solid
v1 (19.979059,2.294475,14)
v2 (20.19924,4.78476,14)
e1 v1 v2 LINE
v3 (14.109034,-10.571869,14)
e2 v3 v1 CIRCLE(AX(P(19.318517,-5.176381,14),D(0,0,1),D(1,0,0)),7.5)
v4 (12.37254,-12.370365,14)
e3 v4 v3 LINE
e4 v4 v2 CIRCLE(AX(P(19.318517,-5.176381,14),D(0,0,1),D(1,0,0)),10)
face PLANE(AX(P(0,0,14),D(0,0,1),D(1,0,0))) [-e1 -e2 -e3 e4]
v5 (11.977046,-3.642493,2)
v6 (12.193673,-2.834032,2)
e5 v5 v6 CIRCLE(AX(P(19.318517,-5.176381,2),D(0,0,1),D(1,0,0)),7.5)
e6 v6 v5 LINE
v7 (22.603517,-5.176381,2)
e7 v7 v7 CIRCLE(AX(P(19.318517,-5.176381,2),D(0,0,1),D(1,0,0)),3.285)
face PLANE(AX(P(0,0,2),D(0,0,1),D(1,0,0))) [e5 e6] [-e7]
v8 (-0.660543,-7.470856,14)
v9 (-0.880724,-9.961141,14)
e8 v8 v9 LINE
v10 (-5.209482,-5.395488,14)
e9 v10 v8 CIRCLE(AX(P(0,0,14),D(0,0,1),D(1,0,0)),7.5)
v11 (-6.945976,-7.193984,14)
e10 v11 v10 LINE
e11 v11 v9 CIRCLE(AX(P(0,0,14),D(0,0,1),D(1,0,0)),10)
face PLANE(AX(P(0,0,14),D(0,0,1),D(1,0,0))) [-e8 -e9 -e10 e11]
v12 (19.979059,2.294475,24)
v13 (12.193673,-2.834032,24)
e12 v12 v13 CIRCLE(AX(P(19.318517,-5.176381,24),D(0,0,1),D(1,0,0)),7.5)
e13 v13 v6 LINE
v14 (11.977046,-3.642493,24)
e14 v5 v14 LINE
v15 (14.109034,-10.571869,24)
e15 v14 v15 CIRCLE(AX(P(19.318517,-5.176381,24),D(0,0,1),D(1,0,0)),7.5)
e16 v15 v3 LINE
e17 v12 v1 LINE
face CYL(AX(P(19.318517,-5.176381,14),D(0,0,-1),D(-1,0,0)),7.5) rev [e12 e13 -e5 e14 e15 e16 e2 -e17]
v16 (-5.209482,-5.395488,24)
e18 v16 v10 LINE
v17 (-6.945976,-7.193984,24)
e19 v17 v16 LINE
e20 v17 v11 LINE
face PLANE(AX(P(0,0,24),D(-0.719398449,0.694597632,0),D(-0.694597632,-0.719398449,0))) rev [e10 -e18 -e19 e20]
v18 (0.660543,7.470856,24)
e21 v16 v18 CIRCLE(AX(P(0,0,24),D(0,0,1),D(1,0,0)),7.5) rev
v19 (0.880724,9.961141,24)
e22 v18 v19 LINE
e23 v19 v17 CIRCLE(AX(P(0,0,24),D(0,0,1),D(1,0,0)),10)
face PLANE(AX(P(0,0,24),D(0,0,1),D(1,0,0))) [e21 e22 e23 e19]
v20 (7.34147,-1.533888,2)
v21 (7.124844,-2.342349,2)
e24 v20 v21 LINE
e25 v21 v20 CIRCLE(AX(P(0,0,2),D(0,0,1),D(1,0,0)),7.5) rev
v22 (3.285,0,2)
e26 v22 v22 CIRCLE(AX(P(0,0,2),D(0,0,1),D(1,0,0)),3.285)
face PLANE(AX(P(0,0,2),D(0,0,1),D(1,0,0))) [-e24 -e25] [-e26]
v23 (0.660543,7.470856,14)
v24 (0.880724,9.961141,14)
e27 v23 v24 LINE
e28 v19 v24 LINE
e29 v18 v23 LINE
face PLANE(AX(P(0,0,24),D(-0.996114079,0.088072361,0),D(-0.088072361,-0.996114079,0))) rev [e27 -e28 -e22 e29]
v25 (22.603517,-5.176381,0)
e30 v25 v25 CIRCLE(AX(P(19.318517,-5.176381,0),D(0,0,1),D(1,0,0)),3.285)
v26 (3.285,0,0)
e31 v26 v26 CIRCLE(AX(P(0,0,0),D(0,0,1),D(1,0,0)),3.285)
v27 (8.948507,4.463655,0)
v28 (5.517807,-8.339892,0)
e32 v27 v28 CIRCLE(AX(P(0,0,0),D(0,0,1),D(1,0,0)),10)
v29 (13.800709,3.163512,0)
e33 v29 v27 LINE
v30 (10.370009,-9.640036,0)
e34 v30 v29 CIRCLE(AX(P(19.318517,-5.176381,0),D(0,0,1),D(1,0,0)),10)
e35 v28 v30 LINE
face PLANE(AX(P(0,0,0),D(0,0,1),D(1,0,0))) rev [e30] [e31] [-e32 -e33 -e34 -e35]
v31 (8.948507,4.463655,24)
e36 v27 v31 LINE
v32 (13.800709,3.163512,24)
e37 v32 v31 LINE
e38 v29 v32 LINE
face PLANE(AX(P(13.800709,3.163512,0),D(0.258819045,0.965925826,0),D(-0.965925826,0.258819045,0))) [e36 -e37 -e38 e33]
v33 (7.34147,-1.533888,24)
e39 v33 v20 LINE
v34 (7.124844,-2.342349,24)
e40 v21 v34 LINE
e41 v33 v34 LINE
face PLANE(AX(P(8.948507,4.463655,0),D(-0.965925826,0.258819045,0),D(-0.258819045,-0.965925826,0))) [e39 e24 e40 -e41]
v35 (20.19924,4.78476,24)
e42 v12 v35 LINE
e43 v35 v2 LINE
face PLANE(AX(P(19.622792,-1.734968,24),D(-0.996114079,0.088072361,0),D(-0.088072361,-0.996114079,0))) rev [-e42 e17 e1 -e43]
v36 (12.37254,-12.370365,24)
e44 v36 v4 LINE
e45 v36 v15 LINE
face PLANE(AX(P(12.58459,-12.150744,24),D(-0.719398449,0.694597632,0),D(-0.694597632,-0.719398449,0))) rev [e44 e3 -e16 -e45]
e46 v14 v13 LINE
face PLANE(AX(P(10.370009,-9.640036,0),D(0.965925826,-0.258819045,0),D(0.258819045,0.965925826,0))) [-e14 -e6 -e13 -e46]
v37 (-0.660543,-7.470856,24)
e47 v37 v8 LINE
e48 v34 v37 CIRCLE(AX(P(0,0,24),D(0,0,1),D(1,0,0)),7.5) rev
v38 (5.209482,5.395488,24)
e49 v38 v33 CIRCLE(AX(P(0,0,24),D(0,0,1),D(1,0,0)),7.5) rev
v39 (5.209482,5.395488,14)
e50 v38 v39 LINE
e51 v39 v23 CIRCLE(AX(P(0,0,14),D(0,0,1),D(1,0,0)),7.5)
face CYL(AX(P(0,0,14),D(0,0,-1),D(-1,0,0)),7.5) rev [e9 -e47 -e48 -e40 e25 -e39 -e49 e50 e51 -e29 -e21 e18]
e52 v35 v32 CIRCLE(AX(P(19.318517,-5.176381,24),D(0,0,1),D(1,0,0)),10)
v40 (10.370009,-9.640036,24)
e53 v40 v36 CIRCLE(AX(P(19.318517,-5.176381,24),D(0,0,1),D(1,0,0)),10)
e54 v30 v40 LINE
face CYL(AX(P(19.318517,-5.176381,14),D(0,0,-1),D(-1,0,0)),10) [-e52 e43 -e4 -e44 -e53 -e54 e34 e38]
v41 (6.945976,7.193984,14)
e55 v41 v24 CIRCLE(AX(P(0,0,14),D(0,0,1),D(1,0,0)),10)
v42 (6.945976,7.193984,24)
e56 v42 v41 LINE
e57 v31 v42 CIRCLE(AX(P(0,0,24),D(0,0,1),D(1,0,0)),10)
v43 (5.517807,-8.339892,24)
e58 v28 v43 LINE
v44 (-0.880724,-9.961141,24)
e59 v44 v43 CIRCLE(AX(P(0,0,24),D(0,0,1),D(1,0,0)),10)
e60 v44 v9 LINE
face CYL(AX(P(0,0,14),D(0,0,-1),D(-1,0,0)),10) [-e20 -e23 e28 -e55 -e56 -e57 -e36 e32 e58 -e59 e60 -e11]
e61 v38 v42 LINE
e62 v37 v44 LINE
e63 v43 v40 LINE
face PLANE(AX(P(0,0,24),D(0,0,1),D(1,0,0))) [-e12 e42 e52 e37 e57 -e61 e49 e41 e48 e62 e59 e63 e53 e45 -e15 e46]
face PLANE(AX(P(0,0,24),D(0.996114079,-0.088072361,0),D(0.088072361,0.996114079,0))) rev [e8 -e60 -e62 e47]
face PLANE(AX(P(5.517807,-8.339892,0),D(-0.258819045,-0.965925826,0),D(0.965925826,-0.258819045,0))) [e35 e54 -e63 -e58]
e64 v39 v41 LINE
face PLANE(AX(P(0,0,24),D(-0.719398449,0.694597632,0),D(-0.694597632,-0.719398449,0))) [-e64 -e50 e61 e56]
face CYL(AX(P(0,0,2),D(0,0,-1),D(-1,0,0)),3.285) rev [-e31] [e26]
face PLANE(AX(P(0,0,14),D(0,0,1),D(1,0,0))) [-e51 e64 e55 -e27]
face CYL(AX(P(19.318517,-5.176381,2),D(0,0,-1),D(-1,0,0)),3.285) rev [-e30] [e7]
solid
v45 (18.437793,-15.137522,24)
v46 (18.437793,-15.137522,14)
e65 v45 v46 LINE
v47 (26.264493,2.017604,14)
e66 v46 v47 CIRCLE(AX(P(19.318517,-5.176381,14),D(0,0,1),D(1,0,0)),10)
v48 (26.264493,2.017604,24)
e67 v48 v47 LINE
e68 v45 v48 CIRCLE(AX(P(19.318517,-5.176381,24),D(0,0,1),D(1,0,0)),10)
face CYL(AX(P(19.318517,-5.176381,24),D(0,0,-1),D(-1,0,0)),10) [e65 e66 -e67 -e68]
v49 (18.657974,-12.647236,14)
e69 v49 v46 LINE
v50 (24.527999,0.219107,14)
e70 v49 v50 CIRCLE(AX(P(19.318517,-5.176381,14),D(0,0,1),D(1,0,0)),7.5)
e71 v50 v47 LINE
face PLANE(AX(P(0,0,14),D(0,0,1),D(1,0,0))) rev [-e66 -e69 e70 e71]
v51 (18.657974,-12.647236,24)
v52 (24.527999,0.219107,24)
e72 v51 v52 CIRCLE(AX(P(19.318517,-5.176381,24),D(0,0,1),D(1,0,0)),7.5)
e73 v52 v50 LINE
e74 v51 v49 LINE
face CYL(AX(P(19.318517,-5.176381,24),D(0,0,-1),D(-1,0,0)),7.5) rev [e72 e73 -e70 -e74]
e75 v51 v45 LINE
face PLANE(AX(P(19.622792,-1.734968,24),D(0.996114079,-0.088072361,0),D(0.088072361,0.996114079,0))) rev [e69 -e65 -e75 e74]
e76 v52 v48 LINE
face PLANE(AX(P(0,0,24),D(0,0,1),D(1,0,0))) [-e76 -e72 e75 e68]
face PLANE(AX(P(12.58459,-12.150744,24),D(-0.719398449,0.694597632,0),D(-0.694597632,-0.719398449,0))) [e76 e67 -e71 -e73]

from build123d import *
from build123d.topology import SkipClean

# Parameters (mm, degrees)
SKETCH1_R             = 7.5
SKETCH1_R_2           = 3.285
BOSS_EXTRUDE1_DEPTH   = 2
BOSS_EXTRUDE1_2_DEPTH = 2
SKETCH1_3_R           = 10
SKETCH1_3_R_2         = 7.5
BOSS_EXTRUDE2_DEPTH   = 14
BOSS_EXTRUDE3_DEPTH   = 10
BOSS_EXTRUDE4_DEPTH   = 24


with BuildPart() as part:
    # Sketch1 → Boss-Extrude1 (new body)
    with BuildSketch(Plane.XY):
        Circle(SKETCH1_R)
        Circle(SKETCH1_R_2, mode=Mode.SUBTRACT)
    extrude(amount=BOSS_EXTRUDE1_DEPTH)

    # Sketch1<3> → Boss-Extrude2 (add)
    # profile 1 of 2: a face of its own
    with BuildSketch(Plane.XY):
        Circle(SKETCH1_3_R)
        Circle(SKETCH1_3_R_2, mode=Mode.SUBTRACT)
    # profile 2 of 2: a face of its own
    with BuildSketch(Plane.XY):
        with Locations((19.318516526, -5.176380902)):
            Circle(SKETCH1_3_R)
        with Locations((19.318516526, -5.176380902)):
            Circle(SKETCH1_3_R_2, mode=Mode.SUBTRACT)
    extrude(amount=BOSS_EXTRUDE2_DEPTH)


with BuildPart() as body_2:
    # Sketch1 → Boss-Extrude1 2 (new body)
    with BuildSketch(Plane.XY):
        with Locations((19.318516526, -5.176380902)):
            Circle(SKETCH1_R)
        with Locations((19.318516526, -5.176380902)):
            Circle(SKETCH1_R_2, mode=Mode.SUBTRACT)
    extrude(amount=BOSS_EXTRUDE1_2_DEPTH)



with BuildPart() as boss_extrude2_piece_1:
    # of the separate pieces the step leaves, piece 1, a body of its own (boss_extrude2_pieces)
    add(part.part.solids().sort_by_distance((3.285, 0, 0))[0])

    # Sketch2 → Boss-Extrude3 (add)
    with SkipClean():  # the faces are left unmerged after this step: merging them gives an invalid solid
        with BuildSketch(Plane.XY.offset(14)):
            with BuildLine():
                ThreePointArc((0.880723614, 9.961140794), (-9.097879067, 4.150734451), (-6.945976325, -7.193984493))
                Line((-6.945976325, -7.193984493), (-5.209482244, -5.39548837))
                ThreePointArc((-5.209482244, -5.39548837), (-6.8234093, 3.113050838), (0.66054271, 7.470855595))
                Line((0.66054271, 7.470855595), (0.880723614, 9.961140794))
            make_face()
            with BuildLine():
                ThreePointArc((20.199240139, 4.784759892), (13.586521544, 3.017777598), (9.659258283, -2.588190376))
                ThreePointArc((9.659258283, -2.588190376), (9.68232481, -7.849171431), (12.372540201, -12.370365396))
                Line((12.372540201, -12.370365396), (14.109034282, -10.571869272))
                ThreePointArc((14.109034282, -10.571869272), (12.495107225, -2.063330064), (19.979059236, 2.294474693))
                Line((19.979059236, 2.294474693), (20.199240139, 4.784759892))
            make_face()
            with BuildLine():
                Line((-0.66054271, -7.470855595), (-0.880723614, -9.961140794))
                ThreePointArc((-0.880723614, -9.961140794), (5.731995045, -8.194158456), (9.659258283, -2.588190376))
                ThreePointArc((9.659258283, -2.588190376), (9.636191695, 2.672790603), (6.945976325, 7.193984493))
                Line((6.945976325, 7.193984493), (5.209482244, 5.39548837))
                ThreePointArc((5.209482244, 5.39548837), (6.8234093, -3.113050838), (-0.66054271, -7.470855595))
            make_face()
            with BuildLine():
                ThreePointArc((18.437792912, -15.137521696), (28.416395593, -9.327115353), (26.264492851, 2.017603591))
                Line((26.264492851, 2.017603591), (24.52799877, 0.219107468))
                ThreePointArc((24.52799877, 0.219107468), (26.141925826, -8.28943174), (18.657973816, -12.647236497))
                Line((18.657973816, -12.647236497), (18.437792912, -15.137521696))
            make_face()
        extrude(amount=BOSS_EXTRUDE3_DEPTH)


with BuildPart() as boss_extrude2_piece_2:
    # of the separate pieces the step leaves, piece 2, a body of its own (boss_extrude2_pieces)
    add(part.part.solids().sort_by_distance((29.318516526, -5.176380902, 0))[0])


with BuildPart() as boss_extrude3_piece_1:
    # of the separate pieces the step leaves, piece 1, a body of its own (boss_extrude3_pieces)
    add(boss_extrude2_piece_1.part.solids().sort_by_distance((3.285, 0, 0))[0])


with BuildPart() as boss_extrude3_piece_2:
    # of the separate pieces the step leaves, piece 2, a body of its own (boss_extrude3_pieces)
    add(boss_extrude2_piece_1.part.solids().sort_by_distance((26.264492851, 2.017603591, 14))[0])


with BuildPart() as boss_extrude3_piece_3:
    # of the separate pieces the step leaves, piece 3, a body of its own (boss_extrude3_pieces)
    add(boss_extrude2_piece_1.part.solids().sort_by_distance((20.199240139, 4.784759892, 14))[0])


with BuildPart() as body_2_1:
    with SkipClean():  # the faces are left unmerged after this step: merging them gives an invalid solid
        add(body_2.part)

        add(boss_extrude2_piece_2.part)  # Boss-Extrude4 merges Boss-Extrude2 piece 2

        add(boss_extrude3_piece_1.part)  # Boss-Extrude4 merges Boss-Extrude3 piece 1

        add(boss_extrude3_piece_3.part)  # Boss-Extrude4 merges Boss-Extrude3 piece 3
        # Sketch4 → Boss-Extrude4 (add)
        with BuildSketch(Plane.XY.offset(24)):
            Polygon((13.800709497, 3.163511519), (8.948507271, 4.463655187), (5.517807029, -8.339892421), (10.370009255, -9.640036089), align=None)
        extrude(amount=-BOSS_EXTRUDE4_DEPTH)


solid = Compound([boss_extrude3_piece_2.part, body_2_1.part])
